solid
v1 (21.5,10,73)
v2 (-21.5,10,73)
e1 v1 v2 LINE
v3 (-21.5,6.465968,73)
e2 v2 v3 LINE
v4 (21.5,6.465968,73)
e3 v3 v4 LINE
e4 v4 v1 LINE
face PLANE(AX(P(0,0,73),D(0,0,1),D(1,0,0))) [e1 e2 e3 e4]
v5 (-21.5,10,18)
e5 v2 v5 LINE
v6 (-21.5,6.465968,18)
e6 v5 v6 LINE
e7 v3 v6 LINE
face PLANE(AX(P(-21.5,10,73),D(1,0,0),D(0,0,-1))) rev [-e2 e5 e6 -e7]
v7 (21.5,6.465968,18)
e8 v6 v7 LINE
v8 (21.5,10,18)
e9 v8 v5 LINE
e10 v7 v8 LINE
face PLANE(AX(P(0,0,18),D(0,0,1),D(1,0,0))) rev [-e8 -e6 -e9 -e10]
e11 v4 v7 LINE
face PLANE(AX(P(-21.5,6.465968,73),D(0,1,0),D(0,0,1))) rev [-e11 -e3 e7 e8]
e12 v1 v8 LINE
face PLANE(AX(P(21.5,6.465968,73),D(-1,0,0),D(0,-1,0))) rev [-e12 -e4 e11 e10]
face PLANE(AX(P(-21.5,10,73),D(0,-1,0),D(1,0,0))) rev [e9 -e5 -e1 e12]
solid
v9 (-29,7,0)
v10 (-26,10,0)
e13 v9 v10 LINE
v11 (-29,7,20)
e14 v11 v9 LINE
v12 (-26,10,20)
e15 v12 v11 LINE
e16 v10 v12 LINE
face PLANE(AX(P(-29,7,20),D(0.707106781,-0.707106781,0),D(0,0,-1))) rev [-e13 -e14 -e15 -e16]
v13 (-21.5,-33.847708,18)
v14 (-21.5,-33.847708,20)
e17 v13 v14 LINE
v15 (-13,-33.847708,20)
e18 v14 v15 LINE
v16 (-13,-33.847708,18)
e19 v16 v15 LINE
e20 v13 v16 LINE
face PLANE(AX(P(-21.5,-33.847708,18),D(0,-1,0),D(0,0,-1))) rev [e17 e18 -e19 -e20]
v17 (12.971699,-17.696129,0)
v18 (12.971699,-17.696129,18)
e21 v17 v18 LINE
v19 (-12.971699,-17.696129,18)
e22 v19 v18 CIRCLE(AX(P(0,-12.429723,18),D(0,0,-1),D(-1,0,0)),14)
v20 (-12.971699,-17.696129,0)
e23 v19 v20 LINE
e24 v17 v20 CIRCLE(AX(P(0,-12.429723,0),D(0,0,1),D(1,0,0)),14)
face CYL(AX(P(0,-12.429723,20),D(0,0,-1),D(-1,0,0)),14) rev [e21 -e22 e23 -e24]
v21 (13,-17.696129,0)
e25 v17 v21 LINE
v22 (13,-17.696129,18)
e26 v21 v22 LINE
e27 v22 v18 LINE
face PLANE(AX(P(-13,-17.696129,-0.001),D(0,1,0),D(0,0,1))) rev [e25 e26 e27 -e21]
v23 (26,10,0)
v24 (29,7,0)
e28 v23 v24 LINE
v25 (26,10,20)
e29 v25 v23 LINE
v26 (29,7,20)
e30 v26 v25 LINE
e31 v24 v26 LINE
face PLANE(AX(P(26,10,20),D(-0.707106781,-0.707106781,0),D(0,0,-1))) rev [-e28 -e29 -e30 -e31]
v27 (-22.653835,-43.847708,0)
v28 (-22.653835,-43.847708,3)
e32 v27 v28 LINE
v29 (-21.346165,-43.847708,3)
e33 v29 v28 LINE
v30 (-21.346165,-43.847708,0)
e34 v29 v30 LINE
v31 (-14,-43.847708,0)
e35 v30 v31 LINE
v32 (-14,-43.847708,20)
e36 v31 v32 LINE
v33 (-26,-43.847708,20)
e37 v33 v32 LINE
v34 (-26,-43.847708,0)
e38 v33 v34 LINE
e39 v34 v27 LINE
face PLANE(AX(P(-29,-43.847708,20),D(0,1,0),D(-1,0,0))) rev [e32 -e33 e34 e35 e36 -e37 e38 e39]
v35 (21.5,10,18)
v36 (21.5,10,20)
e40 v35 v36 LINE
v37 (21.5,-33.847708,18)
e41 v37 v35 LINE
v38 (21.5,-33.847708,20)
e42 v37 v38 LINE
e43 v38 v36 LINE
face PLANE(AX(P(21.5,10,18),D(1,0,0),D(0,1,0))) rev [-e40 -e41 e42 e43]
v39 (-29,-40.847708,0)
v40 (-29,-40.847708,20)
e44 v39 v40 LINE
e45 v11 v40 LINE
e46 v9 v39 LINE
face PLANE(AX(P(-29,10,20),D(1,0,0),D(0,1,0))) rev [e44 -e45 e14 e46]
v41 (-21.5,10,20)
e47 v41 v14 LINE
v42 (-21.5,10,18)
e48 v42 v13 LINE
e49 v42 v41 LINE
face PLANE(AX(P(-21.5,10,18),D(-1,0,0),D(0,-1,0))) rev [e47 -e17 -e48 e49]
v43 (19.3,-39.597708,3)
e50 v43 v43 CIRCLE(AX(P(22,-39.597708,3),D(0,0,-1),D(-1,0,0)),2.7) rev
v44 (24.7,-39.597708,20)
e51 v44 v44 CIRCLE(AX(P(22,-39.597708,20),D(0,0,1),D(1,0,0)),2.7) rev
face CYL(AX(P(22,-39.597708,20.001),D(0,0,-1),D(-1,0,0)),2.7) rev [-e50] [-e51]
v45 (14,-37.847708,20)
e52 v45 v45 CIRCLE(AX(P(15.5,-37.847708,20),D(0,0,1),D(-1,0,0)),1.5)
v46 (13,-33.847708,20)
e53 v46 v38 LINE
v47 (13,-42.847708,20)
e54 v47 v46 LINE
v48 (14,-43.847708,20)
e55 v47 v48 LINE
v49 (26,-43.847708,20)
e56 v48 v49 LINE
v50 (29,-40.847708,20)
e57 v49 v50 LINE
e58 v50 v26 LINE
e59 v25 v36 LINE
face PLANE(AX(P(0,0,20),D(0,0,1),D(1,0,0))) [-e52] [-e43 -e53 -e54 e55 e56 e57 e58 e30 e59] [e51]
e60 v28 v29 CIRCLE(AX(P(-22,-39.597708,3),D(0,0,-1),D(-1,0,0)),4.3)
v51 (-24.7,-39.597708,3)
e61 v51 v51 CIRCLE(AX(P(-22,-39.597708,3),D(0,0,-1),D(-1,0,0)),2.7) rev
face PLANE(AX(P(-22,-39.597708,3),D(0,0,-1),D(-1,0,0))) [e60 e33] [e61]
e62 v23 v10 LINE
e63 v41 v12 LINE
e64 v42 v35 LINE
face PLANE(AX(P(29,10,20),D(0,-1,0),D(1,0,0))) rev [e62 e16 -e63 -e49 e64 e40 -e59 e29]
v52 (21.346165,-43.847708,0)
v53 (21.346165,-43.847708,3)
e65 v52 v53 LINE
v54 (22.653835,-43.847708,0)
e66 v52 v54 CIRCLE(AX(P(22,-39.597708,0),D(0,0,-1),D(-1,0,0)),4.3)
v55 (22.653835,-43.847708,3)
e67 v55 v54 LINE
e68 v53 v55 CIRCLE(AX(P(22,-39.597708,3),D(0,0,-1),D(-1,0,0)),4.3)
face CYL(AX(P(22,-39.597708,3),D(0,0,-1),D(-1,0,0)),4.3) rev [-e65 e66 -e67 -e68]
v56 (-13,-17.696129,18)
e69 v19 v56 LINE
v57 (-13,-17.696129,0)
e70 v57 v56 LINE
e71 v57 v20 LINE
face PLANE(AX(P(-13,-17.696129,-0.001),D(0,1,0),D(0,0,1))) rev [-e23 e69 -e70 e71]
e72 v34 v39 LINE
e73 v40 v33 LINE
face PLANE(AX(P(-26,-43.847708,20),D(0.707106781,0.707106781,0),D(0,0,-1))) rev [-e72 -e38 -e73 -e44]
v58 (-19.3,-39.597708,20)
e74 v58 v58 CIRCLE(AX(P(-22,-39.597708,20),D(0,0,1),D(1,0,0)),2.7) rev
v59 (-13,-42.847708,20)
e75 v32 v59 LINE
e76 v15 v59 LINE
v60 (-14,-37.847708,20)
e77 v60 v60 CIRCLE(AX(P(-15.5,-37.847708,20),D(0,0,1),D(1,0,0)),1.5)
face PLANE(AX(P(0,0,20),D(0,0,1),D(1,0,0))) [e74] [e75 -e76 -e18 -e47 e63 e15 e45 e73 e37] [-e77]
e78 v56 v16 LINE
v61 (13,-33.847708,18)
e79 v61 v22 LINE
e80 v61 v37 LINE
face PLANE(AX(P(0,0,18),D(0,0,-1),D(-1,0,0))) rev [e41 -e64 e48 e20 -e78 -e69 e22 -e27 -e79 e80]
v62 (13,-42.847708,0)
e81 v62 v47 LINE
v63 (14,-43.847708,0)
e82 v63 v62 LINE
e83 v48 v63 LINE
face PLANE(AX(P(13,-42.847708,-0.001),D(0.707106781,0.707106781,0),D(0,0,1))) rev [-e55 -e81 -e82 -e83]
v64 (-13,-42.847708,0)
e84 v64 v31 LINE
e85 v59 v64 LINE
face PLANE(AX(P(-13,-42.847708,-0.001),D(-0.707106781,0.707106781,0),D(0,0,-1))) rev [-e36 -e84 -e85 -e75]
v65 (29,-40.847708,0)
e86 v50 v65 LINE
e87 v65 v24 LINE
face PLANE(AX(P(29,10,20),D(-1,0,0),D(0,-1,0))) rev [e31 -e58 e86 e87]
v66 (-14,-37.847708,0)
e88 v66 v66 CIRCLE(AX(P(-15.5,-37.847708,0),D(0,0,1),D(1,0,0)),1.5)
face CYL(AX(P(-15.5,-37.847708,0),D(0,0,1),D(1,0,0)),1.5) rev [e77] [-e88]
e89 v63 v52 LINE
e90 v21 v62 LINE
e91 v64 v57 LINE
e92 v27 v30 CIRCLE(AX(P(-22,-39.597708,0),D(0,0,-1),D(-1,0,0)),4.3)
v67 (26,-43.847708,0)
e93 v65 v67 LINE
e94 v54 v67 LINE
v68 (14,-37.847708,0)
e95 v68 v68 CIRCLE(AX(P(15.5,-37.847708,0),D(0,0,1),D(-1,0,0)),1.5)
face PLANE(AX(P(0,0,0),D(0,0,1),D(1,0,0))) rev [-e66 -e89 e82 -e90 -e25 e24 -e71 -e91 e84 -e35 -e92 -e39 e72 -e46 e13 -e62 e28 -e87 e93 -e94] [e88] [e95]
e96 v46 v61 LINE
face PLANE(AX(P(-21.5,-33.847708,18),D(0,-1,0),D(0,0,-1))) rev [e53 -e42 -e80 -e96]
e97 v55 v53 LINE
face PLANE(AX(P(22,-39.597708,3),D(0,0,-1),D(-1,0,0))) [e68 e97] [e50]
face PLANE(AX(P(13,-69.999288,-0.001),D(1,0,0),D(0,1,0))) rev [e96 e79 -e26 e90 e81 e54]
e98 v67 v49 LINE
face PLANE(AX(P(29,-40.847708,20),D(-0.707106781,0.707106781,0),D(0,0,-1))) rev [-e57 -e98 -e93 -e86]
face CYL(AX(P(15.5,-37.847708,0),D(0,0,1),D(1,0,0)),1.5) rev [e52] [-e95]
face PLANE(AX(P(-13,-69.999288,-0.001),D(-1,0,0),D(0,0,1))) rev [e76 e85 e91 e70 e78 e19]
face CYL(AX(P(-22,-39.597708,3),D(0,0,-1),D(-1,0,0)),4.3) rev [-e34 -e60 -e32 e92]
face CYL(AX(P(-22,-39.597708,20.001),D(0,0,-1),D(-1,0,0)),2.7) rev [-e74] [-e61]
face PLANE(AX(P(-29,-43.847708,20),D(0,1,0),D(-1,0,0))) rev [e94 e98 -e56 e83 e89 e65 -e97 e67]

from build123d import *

# Parameters (mm, degrees)
SKETCH1_R           = 14
BOSS_EXTRUDE1_DEPTH = 20
CUT_EXTRUDE2_REACH  = 22
SKETCH3_R           = 2.7
SKETCH4_R           = 4.3
CUT_EXTRUDE3_DEPTH  = 3
CHAMFER1_SIZE       = 3
CUT_EXTRUDE4_DEPTH  = 2
CUT_EXTRUDE5_REACH  = 22
SKETCH6_W           = 26
SKETCH6_H           = 52.303158924
CHAMFER2_SIZE       = 1
SKETCH9_W           = 43
SKETCH9_H           = 3.534032063
BOSS_EXTRUDE2_DEPTH = 55
SKETCH10_R          = 1.5
CUT_EXTRUDE6_DEPTH  = 21


with BuildPart() as part:
    # Sketch1 → Boss-Extrude1 (new body)
    with BuildSketch(Plane.XY):
        Polygon((29, 10), (-29, 10), (-29, 0), (-29, -43.847708304), (29, -43.847708304), (29, 0), align=None)
        with Locations((0, -12.429722781)):
            Circle(SKETCH1_R, mode=Mode.SUBTRACT)
    extrude(amount=BOSS_EXTRUDE1_DEPTH)

    # Sketch3 → Cut-Extrude2 (cut, up to next)
    with BuildSketch(Plane(origin=(0, 0, 0), x_dir=(-1, 0, 0), z_dir=(0, 0, -1)), mode=Mode.PRIVATE) as cut_extrude2_sk1:
        with Locations((-22, -39.597708304)):
            Circle(SKETCH3_R)
    cut_extrude2_tool1 = extrude(cut_extrude2_sk1.sketch, amount=-CUT_EXTRUDE2_REACH, mode=Mode.PRIVATE) & part.part
    add(cut_extrude2_tool1.solids().sort_by_distance((22, -39.597708, 0))[0], mode=Mode.SUBTRACT)
    # Sketch3 → Cut-Extrude2 (cut, up to next)
    with BuildSketch(Plane(origin=(0, 0, 0), x_dir=(-1, 0, 0), z_dir=(0, 0, -1)), mode=Mode.PRIVATE) as cut_extrude2_sk2:
        with Locations((22, -39.597708304)):
            Circle(SKETCH3_R)
    cut_extrude2_tool2 = extrude(cut_extrude2_sk2.sketch, amount=-CUT_EXTRUDE2_REACH, mode=Mode.PRIVATE) & part.part
    add(cut_extrude2_tool2.solids().sort_by_distance((-22, -39.597708, 0))[0], mode=Mode.SUBTRACT)

    # Sketch4 → Cut-Extrude3 (cut)
    with BuildSketch(Plane(origin=(0, 0, 0), x_dir=(-1, 0, 0), z_dir=(0, 0, -1))):
        with Locations((-22, -39.597708304)):
            Circle(SKETCH4_R)
        with Locations((22, -39.597708304)):
            Circle(SKETCH4_R)
    extrude(amount=-CUT_EXTRUDE3_DEPTH, mode=Mode.SUBTRACT)

    # Chamfer1
    chamfer1_edges = [part.edges().sort_by_distance(p)[0] for p in [
        (-29, 10, 10),
        (29, 10, 10),
        (29, -43.847708304, 10),
        (-29, -43.847708304, 10),
    ]]
    chamfer(chamfer1_edges, length=CHAMFER1_SIZE)

    # Sketch5 → Cut-Extrude4 (cut)
    with BuildSketch(Plane.XY.offset(20)):
        Polygon((0, 25.079245902), (-21.5, 10), (-21.5, -33.847708304), (21.5, -33.847708304), (21.5, 10), align=None)
    extrude(amount=-CUT_EXTRUDE4_DEPTH, mode=Mode.SUBTRACT)

    # Sketch6 → Cut-Extrude5 (cut, up to next)
    with BuildSketch(Plane.XY.offset(20), mode=Mode.PRIVATE) as cut_extrude5_sk1:
        with Locations((0, -43.847708304)):
            Rectangle(SKETCH6_W, SKETCH6_H)
    cut_extrude5_tool1 = extrude(cut_extrude5_sk1.sketch, amount=-CUT_EXTRUDE5_REACH, mode=Mode.PRIVATE) & part.part
    add(cut_extrude5_tool1.solids().sort_by_distance((0, -43.847708, 20))[0], mode=Mode.SUBTRACT)

    # Chamfer2
    chamfer2_edges = [part.edges().sort_by_distance(p)[0] for p in [
        (13, -43.847708304, 10),
        (-13, -43.847708304, 10),
    ]]
    chamfer(chamfer2_edges, length=CHAMFER2_SIZE)

    # Sketch10 → Cut-Extrude6 (cut, through all)
    with BuildSketch(Plane.XY.offset(20)):
        with Locations((-15.5, -37.847708304)):
            Circle(SKETCH10_R)
        with Locations((15.5, -37.847708304)):
            Circle(SKETCH10_R)
    extrude(amount=-CUT_EXTRUDE6_DEPTH, mode=Mode.SUBTRACT)


with BuildPart() as body_2:
    # Sketch9 → Boss-Extrude2 (new body)
    with BuildSketch(Plane.XY.offset(18)):
        with Locations((0, 8.232983969)):
            Rectangle(SKETCH9_W, SKETCH9_H)
    extrude(amount=BOSS_EXTRUDE2_DEPTH)


solid = Compound([part.part, body_2.part])
